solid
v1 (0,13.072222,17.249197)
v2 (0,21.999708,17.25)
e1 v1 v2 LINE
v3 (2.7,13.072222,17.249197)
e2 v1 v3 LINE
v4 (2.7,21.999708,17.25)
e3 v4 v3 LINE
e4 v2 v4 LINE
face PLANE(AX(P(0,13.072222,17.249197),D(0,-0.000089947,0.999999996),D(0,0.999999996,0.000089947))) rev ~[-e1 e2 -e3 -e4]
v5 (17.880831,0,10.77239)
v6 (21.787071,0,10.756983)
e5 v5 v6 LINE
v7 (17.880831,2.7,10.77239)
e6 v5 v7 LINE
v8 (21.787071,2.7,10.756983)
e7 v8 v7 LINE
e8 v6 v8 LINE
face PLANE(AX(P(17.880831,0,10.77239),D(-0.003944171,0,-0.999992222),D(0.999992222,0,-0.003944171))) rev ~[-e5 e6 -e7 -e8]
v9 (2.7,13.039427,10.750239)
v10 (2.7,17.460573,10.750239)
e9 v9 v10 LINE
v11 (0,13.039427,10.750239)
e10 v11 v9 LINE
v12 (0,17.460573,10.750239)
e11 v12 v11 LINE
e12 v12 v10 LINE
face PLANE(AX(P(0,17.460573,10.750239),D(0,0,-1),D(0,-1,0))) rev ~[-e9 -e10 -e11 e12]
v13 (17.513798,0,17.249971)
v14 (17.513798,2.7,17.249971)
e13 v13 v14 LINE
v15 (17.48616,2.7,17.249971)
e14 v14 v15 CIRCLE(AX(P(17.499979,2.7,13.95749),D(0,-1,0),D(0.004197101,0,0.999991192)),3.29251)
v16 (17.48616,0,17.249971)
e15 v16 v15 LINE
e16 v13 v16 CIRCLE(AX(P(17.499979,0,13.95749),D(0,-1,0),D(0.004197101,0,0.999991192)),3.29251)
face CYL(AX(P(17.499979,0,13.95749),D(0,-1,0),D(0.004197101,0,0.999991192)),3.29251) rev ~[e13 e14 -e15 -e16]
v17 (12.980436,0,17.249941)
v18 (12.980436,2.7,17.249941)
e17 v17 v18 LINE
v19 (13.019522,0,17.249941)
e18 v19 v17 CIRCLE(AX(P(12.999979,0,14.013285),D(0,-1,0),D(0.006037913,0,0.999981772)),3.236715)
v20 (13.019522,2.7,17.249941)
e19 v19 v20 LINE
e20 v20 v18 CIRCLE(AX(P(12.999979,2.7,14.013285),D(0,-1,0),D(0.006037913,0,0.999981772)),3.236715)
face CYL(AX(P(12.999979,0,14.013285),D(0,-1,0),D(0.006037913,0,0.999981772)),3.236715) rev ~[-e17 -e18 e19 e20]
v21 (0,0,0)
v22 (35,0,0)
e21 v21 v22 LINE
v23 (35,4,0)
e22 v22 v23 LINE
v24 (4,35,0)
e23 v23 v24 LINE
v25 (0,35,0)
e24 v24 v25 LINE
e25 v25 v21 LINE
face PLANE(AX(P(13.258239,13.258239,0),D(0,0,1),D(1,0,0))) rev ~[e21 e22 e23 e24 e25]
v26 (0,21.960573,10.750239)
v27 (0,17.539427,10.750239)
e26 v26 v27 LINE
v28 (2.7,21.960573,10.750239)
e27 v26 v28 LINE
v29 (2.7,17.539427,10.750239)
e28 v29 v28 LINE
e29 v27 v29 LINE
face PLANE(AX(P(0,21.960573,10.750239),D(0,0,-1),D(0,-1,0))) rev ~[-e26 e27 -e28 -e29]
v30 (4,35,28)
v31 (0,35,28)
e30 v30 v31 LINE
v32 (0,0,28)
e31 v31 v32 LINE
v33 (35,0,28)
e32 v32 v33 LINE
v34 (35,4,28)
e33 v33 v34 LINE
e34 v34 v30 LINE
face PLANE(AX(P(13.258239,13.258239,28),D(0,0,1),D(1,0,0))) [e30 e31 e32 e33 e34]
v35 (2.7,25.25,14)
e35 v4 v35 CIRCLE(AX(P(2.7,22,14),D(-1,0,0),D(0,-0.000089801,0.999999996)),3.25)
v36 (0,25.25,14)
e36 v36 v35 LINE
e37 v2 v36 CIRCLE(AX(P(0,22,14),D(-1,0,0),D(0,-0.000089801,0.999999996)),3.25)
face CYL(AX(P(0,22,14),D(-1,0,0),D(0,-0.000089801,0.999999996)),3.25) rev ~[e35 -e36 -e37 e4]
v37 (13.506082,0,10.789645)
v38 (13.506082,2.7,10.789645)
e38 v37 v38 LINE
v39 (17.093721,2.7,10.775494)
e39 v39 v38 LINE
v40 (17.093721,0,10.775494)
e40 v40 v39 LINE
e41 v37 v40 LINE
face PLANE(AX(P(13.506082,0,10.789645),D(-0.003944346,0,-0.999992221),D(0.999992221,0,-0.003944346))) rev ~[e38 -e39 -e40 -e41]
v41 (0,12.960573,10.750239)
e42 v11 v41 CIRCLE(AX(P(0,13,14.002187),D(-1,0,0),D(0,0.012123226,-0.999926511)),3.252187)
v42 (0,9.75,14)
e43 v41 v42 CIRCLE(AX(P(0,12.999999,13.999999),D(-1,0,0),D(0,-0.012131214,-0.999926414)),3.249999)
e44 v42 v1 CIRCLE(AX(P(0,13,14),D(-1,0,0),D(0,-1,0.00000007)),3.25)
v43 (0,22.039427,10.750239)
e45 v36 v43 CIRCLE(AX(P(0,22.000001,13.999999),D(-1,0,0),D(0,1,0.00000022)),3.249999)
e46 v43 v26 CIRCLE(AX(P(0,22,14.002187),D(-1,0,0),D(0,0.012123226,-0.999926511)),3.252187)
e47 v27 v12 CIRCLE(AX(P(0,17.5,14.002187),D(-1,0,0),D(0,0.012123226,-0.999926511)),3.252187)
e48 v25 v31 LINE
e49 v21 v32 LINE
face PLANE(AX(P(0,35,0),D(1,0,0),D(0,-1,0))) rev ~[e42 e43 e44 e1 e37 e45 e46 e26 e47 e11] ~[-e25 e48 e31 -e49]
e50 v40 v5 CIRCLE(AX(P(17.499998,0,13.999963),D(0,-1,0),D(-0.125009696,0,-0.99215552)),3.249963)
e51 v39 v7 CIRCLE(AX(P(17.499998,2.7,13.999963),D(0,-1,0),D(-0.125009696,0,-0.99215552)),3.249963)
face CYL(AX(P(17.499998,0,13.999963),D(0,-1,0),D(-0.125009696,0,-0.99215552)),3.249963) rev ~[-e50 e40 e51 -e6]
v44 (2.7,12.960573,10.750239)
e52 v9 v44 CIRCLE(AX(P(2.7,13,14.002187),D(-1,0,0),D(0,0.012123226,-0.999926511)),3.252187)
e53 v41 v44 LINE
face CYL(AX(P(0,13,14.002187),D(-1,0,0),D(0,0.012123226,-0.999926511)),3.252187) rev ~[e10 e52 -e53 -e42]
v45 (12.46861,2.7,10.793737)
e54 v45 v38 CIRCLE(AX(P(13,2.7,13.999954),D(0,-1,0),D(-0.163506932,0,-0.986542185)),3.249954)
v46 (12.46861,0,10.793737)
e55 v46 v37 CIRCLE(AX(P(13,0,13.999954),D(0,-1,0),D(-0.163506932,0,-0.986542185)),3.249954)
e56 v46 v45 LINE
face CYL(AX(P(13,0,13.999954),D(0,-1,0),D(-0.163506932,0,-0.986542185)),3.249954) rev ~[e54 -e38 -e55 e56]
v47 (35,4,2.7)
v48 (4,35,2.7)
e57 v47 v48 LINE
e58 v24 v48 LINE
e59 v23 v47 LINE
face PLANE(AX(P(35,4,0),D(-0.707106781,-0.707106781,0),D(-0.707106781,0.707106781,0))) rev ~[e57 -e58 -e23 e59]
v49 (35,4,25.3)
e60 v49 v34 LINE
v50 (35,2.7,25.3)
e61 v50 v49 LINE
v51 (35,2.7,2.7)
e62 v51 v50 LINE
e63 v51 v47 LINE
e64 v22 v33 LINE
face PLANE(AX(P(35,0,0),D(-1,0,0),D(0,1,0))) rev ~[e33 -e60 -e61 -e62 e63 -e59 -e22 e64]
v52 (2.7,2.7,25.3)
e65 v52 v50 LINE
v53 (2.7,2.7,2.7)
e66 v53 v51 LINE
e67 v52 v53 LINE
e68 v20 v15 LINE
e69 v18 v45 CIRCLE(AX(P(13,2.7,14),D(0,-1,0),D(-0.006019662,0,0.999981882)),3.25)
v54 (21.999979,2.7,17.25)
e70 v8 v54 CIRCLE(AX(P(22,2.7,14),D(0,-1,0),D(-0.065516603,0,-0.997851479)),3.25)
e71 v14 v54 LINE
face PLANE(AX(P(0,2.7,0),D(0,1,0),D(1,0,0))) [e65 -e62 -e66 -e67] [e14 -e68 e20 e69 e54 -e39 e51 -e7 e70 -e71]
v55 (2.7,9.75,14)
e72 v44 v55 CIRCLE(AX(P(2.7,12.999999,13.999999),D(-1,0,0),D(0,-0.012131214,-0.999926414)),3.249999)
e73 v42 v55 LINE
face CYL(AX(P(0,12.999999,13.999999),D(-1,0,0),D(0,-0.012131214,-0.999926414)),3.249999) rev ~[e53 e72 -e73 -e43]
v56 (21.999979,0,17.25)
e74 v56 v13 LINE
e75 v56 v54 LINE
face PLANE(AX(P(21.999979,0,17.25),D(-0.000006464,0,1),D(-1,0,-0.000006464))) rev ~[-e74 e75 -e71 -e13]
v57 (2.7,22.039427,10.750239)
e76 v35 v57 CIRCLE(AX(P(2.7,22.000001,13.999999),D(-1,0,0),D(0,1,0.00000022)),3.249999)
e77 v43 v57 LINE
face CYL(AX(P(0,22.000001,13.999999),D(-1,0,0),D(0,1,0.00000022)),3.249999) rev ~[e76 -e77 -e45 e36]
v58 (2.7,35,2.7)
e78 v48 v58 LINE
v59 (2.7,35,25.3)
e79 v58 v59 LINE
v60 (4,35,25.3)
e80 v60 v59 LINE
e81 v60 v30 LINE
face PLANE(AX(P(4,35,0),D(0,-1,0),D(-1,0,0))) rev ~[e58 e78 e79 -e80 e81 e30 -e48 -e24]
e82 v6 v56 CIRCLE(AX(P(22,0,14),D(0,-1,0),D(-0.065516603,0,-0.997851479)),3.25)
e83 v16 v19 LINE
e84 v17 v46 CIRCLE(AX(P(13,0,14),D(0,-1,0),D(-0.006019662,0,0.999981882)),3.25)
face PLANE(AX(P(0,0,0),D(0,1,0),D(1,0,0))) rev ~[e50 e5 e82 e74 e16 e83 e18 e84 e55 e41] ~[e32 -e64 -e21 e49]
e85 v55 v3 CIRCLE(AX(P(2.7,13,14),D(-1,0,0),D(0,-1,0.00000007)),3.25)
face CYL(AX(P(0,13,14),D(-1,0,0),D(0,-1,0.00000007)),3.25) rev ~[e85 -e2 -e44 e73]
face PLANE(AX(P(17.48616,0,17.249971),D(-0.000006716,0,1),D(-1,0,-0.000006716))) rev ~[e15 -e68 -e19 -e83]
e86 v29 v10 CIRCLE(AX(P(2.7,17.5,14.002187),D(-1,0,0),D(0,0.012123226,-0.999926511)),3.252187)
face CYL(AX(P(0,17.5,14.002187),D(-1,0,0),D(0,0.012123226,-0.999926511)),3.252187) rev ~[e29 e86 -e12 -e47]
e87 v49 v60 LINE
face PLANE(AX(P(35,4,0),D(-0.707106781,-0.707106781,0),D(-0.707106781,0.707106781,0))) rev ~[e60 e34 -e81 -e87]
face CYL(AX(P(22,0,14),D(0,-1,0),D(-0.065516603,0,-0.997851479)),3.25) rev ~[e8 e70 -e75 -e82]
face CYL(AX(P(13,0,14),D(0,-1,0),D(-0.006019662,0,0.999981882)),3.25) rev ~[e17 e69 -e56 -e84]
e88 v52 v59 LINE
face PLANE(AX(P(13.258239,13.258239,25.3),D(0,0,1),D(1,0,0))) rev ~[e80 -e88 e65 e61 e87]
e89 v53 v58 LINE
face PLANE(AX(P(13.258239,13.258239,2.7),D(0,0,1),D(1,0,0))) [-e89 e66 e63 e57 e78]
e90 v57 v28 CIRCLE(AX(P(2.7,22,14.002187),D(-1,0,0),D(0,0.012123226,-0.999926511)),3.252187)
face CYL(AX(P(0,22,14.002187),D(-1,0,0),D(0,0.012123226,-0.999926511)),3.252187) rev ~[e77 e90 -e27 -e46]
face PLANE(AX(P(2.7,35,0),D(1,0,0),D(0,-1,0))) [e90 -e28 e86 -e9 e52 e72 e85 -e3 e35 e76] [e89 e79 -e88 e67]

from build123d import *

# Parameters (mm, degrees)
F1_DEPTH = 28
F2_T     = -2.7
F4_DEPTH = 25
F6_DEPTH = 25


with BuildPart() as f1:
    # F0 (on Top) → F1 (new body)
    with BuildSketch(Plane.XY):
        Polygon((0, 35), (0, 0), (35, 0), (35, 4), (4, 35), align=None)
    extrude(amount=F1_DEPTH)

    # F2
    f2_openings = [f1.faces().sort_by_distance(p)[0] for p in [
        (19.5, 19.5, 14),
        (2, 35, 14),
        (35, 2, 14),
    ]]
    offset(amount=F2_T, openings=f2_openings)

    # F3 (on face) → F4 (cut)
    with BuildSketch(Plane(origin=(0, 0, 0), x_dir=(0, -1, 0), z_dir=(-1, 0, 0))):
        with BuildLine():
            Line((-17.460573, 10.750239), (-17.539427, 10.750239))
            ThreePointArc((-17.539427, 10.750239), (-17.5, 10.75), (-17.460573, 10.750239))
        make_face()
        with BuildLine():
            Line((-21.960573, 10.750239), (-17.539427, 10.750239))
            Line((-17.539427, 10.750239), (-17.460573, 10.750239))
            Line((-17.460573, 10.750239), (-13.039427, 10.750239))
            Line((-13.039427, 10.750239), (-12.960573, 10.750239))
            ThreePointArc((-12.960573, 10.750239), (-10.688005, 11.715885), (-9.75, 14))
            Line((-9.75, 14), (-13, 14))
            Line((-13, 14), (-17.5, 14))
            Line((-17.5, 14), (-22, 14))
            Line((-22, 14), (-25.25, 14))
            ThreePointArc((-25.25, 14), (-24.311995, 11.715885), (-22.039427, 10.750239))
            Line((-22.039427, 10.750239), (-21.960573, 10.750239))
        make_face()
        with BuildLine():
            ThreePointArc((-22.039427, 10.750239), (-22, 10.75), (-21.960573, 10.750239))
            Line((-21.960573, 10.750239), (-22.039427, 10.750239))
        make_face()
        with BuildLine():
            Line((-12.960573, 10.750239), (-13.039427, 10.750239))
            ThreePointArc((-13.039427, 10.750239), (-13, 10.75), (-12.960573, 10.750239))
        make_face()
        with BuildLine():
            ThreePointArc((-21.999708, 17.25), (-24.297994, 16.2982), (-25.25, 14))
            Line((-25.25, 14), (-22, 14))
            Line((-22, 14), (-17.5, 14))
            Line((-17.5, 14), (-13, 14))
            Line((-13, 14), (-9.75, 14))
            ThreePointArc((-9.75, 14), (-10.727581, 16.323491), (-13.072222, 17.249197))
            Line((-13.072222, 17.249197), (-21.999708, 17.25))
        make_face()
    extrude(amount=-F4_DEPTH, mode=Mode.SUBTRACT)

    # F5 (on face) → F6 (cut)
    with BuildSketch(Plane.XZ):
        with BuildLine():
            Line((17.880831, 10.77239), (21.787071, 10.756983))
            ThreePointArc((21.787071, 10.756983), (25.248254, 13.893489), (21.999979, 17.25))
            Line((21.999979, 17.25), (17.513798, 17.249971))
            ThreePointArc((17.513798, 17.249971), (17.499979, 17.25), (17.48616, 17.249971))
            Line((17.48616, 17.249971), (13.019522, 17.249941))
            ThreePointArc((13.019522, 17.249941), (12.999979, 17.25), (12.980436, 17.249941))
            ThreePointArc((12.980436, 17.249941), (9.760165, 14.256843), (12.46861, 10.793737))
            Line((12.46861, 10.793737), (13.506082, 10.789645))
            Line((13.506082, 10.789645), (17.093721, 10.775494))
            Line((17.093721, 10.775494), (17.880831, 10.77239))
        make_face()
        with BuildLine():
            ThreePointArc((17.093721, 10.775494), (17.487181, 10.750025), (17.880831, 10.77239))
            Line((17.880831, 10.77239), (17.093721, 10.775494))
        make_face()
        with BuildLine():
            ThreePointArc((12.46861, 10.793737), (12.987181, 10.750025), (13.506082, 10.789645))
            Line((13.506082, 10.789645), (12.46861, 10.793737))
        make_face()
    extrude(amount=-F6_DEPTH, mode=Mode.SUBTRACT)


solid = f1.part
